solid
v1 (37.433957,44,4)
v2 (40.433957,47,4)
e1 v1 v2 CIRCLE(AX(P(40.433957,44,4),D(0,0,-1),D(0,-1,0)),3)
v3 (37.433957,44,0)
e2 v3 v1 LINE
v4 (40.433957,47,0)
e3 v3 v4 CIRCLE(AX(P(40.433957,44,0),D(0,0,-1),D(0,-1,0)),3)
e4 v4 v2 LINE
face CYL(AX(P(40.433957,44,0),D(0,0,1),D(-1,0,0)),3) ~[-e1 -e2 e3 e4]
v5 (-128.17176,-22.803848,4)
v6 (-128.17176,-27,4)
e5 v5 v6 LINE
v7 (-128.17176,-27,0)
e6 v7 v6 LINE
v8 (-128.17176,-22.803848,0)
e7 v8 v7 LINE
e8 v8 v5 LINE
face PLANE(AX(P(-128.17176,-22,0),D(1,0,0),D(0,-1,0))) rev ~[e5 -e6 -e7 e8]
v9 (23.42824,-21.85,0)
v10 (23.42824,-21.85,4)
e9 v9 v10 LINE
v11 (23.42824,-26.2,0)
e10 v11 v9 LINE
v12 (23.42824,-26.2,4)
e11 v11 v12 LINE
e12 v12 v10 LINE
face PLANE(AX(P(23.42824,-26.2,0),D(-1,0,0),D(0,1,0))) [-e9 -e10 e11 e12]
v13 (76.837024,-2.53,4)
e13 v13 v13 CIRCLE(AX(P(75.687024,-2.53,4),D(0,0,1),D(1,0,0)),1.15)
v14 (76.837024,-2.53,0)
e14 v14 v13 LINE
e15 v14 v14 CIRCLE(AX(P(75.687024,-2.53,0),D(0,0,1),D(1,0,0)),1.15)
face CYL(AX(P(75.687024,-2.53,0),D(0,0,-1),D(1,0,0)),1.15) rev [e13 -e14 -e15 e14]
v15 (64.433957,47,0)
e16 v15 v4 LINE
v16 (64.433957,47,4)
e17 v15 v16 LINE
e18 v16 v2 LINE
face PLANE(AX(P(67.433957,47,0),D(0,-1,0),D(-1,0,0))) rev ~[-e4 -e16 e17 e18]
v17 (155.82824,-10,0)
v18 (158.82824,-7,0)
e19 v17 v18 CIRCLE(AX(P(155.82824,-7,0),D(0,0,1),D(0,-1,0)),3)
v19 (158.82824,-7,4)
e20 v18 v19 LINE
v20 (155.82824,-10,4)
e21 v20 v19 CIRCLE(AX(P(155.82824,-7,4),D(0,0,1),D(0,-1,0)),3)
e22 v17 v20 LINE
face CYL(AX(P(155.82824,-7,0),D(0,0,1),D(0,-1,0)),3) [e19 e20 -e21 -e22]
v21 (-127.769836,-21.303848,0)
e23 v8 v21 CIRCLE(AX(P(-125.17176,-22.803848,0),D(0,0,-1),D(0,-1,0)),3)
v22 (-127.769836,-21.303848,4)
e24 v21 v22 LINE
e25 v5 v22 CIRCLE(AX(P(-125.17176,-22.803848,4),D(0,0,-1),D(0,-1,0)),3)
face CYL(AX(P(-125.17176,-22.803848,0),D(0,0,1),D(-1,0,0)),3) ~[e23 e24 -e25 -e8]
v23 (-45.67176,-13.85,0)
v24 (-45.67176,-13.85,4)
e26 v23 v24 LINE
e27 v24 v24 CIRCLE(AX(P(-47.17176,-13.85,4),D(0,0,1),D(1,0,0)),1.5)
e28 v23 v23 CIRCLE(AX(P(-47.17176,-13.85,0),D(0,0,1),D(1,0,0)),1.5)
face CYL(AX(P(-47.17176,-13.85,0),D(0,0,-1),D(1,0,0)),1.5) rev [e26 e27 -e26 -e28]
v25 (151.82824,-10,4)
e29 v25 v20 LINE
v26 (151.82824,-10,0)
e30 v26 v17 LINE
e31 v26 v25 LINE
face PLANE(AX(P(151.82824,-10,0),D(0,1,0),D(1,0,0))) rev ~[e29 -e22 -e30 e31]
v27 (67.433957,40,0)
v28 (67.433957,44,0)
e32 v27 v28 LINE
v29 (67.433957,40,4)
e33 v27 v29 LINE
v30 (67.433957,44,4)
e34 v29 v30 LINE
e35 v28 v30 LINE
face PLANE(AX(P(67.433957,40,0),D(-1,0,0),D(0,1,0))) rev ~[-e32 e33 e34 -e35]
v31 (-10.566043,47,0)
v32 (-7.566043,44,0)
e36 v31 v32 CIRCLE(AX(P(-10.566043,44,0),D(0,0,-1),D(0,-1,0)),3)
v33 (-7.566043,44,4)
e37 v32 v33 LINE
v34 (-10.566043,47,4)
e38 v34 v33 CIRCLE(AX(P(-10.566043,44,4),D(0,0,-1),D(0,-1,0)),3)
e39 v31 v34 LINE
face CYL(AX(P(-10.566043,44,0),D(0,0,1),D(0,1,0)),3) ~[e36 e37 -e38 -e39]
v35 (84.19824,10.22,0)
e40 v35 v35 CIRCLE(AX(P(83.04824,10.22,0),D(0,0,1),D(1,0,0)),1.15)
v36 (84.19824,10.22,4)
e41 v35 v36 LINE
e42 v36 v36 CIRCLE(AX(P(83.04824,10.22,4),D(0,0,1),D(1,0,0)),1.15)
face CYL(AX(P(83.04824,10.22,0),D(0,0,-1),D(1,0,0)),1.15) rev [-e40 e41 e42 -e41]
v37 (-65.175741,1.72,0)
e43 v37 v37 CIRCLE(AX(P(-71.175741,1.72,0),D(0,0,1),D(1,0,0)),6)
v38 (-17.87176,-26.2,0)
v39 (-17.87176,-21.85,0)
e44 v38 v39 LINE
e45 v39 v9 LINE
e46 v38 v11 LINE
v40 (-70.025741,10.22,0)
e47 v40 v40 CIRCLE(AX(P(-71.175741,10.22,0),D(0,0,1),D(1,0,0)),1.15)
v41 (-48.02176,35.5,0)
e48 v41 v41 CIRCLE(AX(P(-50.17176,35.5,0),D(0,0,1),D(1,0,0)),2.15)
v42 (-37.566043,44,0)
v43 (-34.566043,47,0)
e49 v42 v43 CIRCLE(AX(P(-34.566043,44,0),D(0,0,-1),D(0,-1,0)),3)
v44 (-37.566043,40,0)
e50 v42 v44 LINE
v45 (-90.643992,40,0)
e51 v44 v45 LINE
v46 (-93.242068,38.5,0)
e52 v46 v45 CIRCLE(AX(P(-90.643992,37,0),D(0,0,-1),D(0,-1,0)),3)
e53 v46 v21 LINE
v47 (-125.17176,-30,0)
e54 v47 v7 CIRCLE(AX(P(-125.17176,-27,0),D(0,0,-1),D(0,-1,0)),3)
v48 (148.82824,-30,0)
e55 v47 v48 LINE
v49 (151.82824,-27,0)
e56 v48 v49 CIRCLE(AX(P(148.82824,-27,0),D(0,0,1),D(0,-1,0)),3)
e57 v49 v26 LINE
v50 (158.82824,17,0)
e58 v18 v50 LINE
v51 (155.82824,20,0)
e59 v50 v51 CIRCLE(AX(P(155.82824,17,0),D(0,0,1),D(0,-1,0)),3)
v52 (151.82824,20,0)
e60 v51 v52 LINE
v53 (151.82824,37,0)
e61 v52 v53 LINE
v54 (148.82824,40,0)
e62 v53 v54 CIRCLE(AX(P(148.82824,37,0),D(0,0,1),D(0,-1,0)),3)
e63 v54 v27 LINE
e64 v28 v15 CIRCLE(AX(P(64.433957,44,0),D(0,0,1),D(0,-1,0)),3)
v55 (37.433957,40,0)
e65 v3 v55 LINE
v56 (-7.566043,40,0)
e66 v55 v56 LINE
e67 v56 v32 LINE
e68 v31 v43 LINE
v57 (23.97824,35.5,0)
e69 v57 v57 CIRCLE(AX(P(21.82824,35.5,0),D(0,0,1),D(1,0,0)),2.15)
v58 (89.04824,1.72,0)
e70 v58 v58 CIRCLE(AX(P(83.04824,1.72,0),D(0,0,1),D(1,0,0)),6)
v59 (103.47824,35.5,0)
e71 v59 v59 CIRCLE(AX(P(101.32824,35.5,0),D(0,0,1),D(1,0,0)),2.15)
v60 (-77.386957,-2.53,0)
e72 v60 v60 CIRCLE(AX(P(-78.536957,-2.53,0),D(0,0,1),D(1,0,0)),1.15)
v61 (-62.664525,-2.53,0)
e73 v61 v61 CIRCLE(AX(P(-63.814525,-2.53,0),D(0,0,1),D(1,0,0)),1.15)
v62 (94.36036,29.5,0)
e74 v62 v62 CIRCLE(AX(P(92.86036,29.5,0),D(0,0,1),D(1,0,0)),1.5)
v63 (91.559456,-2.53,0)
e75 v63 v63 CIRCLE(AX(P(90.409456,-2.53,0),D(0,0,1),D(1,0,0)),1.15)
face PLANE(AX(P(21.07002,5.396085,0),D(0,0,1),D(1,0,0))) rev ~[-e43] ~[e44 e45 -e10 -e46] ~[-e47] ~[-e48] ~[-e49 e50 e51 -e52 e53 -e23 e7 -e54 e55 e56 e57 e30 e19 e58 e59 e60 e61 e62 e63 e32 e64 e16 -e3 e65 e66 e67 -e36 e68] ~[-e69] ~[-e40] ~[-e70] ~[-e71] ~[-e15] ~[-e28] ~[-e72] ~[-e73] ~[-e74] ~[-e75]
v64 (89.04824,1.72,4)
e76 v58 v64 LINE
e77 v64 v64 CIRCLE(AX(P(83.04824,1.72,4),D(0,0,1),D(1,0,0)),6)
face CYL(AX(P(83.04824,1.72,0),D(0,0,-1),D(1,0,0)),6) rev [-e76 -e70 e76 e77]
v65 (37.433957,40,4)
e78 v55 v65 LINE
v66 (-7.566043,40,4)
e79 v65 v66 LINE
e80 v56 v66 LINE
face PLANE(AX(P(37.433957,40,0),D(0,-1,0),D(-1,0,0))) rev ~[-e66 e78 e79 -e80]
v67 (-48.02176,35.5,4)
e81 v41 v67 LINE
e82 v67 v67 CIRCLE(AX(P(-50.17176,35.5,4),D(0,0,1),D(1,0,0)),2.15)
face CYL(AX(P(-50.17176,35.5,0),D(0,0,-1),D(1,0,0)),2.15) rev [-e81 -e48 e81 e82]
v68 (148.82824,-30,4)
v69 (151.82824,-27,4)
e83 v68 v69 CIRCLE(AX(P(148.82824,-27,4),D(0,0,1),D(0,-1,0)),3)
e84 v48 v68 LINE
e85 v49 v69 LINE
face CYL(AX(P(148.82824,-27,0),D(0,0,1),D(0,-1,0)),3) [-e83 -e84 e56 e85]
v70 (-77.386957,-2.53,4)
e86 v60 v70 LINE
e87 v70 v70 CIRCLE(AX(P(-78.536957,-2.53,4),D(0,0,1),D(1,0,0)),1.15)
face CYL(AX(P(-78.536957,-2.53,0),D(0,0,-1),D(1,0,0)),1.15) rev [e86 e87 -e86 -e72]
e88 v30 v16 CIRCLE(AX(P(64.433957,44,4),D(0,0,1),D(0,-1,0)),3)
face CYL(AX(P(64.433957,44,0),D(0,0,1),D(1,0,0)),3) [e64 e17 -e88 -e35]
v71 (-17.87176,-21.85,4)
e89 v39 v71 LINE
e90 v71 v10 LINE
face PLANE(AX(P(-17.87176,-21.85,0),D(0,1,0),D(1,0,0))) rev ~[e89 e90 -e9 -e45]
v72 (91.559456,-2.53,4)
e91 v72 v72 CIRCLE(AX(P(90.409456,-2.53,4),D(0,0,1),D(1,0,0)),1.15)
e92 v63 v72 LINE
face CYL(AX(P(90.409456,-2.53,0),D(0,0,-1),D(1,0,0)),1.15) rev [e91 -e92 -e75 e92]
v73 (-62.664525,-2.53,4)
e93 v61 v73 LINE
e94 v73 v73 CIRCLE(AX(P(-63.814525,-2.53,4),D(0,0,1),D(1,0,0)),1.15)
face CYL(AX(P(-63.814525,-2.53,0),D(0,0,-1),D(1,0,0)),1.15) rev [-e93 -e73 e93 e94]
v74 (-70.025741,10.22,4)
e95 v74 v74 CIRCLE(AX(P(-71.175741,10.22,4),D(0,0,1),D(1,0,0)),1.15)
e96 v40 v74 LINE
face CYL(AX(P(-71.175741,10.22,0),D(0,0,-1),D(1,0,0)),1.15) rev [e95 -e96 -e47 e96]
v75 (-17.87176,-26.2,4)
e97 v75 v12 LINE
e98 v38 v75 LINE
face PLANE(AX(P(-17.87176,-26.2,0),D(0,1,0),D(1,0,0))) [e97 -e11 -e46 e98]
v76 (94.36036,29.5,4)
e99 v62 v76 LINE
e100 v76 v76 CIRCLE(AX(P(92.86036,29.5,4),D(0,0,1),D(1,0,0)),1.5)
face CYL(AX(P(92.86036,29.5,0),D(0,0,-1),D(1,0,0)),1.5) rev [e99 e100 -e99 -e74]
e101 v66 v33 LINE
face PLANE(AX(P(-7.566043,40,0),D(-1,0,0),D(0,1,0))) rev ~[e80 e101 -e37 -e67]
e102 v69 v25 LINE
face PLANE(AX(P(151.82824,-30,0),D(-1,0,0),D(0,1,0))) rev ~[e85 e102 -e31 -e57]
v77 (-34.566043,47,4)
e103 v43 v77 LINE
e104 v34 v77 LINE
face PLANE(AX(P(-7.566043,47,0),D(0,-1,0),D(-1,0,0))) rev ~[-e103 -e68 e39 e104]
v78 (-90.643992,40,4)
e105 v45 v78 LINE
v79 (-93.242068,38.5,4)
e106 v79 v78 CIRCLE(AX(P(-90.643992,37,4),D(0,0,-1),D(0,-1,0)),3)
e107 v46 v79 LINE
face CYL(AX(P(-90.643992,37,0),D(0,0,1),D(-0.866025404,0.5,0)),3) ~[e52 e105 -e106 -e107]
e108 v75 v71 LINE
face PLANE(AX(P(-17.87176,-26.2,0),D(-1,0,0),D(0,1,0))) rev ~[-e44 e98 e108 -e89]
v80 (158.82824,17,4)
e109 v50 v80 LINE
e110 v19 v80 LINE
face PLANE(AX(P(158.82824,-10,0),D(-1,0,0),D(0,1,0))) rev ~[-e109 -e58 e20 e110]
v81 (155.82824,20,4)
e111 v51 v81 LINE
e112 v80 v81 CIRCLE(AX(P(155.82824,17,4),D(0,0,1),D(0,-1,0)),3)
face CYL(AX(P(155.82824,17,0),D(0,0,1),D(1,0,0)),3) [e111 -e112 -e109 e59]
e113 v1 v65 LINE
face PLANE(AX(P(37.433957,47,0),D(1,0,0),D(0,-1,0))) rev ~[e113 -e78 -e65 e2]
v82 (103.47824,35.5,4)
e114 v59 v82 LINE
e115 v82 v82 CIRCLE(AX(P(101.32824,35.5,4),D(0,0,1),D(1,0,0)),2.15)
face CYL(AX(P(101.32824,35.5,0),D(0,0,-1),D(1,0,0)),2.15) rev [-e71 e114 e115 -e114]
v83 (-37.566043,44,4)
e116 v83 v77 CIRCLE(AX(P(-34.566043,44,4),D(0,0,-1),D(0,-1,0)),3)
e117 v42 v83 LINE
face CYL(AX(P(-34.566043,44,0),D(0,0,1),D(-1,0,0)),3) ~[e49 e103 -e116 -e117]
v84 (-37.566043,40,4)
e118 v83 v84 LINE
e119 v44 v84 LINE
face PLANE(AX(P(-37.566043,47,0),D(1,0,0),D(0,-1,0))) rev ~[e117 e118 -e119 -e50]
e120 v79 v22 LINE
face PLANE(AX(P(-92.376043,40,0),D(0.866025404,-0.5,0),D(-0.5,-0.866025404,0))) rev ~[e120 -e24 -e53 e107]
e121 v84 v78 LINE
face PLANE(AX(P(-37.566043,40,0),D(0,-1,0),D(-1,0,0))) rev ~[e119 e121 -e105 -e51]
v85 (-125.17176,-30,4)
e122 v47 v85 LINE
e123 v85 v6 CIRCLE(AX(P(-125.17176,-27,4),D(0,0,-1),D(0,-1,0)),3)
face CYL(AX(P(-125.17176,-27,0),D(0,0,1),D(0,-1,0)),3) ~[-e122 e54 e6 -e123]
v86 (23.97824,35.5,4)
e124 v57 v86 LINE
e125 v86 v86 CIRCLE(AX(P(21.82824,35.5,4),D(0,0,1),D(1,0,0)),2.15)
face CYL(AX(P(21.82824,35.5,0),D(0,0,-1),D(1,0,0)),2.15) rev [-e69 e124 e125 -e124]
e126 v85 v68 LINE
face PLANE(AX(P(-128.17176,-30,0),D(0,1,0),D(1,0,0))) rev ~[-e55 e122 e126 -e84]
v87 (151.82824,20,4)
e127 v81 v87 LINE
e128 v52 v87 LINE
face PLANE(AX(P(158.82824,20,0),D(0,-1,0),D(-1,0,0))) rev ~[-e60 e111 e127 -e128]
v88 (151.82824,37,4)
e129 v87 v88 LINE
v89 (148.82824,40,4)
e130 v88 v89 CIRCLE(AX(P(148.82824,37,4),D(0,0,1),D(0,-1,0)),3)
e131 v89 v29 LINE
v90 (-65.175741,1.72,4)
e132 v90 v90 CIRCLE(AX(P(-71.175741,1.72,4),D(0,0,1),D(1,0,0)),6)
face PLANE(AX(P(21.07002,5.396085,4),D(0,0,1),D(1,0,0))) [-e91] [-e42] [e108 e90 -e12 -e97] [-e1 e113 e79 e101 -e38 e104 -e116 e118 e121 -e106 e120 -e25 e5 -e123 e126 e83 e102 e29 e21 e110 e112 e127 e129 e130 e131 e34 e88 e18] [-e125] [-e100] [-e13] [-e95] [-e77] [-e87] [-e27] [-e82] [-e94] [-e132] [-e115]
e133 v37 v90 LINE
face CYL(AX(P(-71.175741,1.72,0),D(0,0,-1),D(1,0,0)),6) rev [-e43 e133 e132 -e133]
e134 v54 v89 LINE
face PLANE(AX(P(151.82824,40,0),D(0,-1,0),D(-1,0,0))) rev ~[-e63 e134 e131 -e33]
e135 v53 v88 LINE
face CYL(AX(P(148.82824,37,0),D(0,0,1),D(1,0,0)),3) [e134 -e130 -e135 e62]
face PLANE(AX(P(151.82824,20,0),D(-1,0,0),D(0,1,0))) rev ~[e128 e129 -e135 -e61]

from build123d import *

# Parameters (mm, degrees)
SKETCH1_R           = 6
SKETCH1_R_2         = 1.15
SKETCH1_R_3         = 1.5
SKETCH1_R_4         = 2.15
SKETCH1_W           = 41.3
SKETCH1_H           = 4.35
BOSS_EXTRUDE1_DEPTH = 4
FILLET1_R           = 3


with BuildPart() as part:
    # Sketch1 → Boss-Extrude1 (new body)
    with BuildSketch(Plane.XY):
        Polygon((-128.17175976, -30), (151.82824024, -30), (151.82824024, -10), (158.82824024, -10), (158.82824024, 5), (158.82824024, 20), (151.82824024, 20), (151.82824024, 40), (67.43395693, 40), (67.43395693, 47), (37.43395693, 47), (37.43395693, 40), (-7.56604307, 40), (-7.56604307, 47), (-37.56604307, 47), (-37.56604307, 40), (-92.37604307, 40), (-128.17175976, -22), align=None)
        with Locations((-71.175741186, 1.72)):
            Circle(SKETCH1_R, mode=Mode.SUBTRACT)
        with Locations((-71.175741186, 10.22)):
            Circle(SKETCH1_R_2, mode=Mode.SUBTRACT)
        with Locations((-63.814525254, -2.53)):
            Circle(SKETCH1_R_2, mode=Mode.SUBTRACT)
        with Locations((-78.536957118, -2.53)):
            Circle(SKETCH1_R_2, mode=Mode.SUBTRACT)
        with Locations((83.04824024, 1.72)):
            Circle(SKETCH1_R, mode=Mode.SUBTRACT)
        with Locations((83.04824024, 10.22)):
            Circle(SKETCH1_R_2, mode=Mode.SUBTRACT)
        with Locations((90.409456172, -2.53)):
            Circle(SKETCH1_R_2, mode=Mode.SUBTRACT)
        with Locations((75.687024308, -2.53)):
            Circle(SKETCH1_R_2, mode=Mode.SUBTRACT)
        with Locations((92.86036, 29.5)):
            Circle(SKETCH1_R_3, mode=Mode.SUBTRACT)
        with Locations((-50.17175976, 35.5)):
            Circle(SKETCH1_R_4, mode=Mode.SUBTRACT)
        with Locations((21.82824024, 35.5)):
            Circle(SKETCH1_R_4, mode=Mode.SUBTRACT)
        with Locations((101.32824024, 35.5)):
            Circle(SKETCH1_R_4, mode=Mode.SUBTRACT)
        with Locations((-47.17175976, -13.85)):
            Circle(SKETCH1_R_3, mode=Mode.SUBTRACT)
        with Locations((2.77824024, -24.025)):
            Rectangle(SKETCH1_W, SKETCH1_H, mode=Mode.SUBTRACT)
    extrude(amount=BOSS_EXTRUDE1_DEPTH)

    # Fillet1
    fillet1_edges = [part.edges().sort_by_distance(p)[0] for p in [
        (-128.17175976, -22, 2),
        (-92.37604307, 40, 2),
        (-37.56604307, 47, 2),
        (-7.56604307, 47, 2),
        (37.43395693, 47, 2),
        (67.43395693, 47, 2),
        (151.82824024, 40, 2),
        (158.82824024, 20, 2),
        (158.82824024, -10, 2),
        (151.82824024, -30, 2),
        (-128.17175976, -30, 2),
    ]]
    fillet(fillet1_edges, radius=FILLET1_R)


solid = part.part
